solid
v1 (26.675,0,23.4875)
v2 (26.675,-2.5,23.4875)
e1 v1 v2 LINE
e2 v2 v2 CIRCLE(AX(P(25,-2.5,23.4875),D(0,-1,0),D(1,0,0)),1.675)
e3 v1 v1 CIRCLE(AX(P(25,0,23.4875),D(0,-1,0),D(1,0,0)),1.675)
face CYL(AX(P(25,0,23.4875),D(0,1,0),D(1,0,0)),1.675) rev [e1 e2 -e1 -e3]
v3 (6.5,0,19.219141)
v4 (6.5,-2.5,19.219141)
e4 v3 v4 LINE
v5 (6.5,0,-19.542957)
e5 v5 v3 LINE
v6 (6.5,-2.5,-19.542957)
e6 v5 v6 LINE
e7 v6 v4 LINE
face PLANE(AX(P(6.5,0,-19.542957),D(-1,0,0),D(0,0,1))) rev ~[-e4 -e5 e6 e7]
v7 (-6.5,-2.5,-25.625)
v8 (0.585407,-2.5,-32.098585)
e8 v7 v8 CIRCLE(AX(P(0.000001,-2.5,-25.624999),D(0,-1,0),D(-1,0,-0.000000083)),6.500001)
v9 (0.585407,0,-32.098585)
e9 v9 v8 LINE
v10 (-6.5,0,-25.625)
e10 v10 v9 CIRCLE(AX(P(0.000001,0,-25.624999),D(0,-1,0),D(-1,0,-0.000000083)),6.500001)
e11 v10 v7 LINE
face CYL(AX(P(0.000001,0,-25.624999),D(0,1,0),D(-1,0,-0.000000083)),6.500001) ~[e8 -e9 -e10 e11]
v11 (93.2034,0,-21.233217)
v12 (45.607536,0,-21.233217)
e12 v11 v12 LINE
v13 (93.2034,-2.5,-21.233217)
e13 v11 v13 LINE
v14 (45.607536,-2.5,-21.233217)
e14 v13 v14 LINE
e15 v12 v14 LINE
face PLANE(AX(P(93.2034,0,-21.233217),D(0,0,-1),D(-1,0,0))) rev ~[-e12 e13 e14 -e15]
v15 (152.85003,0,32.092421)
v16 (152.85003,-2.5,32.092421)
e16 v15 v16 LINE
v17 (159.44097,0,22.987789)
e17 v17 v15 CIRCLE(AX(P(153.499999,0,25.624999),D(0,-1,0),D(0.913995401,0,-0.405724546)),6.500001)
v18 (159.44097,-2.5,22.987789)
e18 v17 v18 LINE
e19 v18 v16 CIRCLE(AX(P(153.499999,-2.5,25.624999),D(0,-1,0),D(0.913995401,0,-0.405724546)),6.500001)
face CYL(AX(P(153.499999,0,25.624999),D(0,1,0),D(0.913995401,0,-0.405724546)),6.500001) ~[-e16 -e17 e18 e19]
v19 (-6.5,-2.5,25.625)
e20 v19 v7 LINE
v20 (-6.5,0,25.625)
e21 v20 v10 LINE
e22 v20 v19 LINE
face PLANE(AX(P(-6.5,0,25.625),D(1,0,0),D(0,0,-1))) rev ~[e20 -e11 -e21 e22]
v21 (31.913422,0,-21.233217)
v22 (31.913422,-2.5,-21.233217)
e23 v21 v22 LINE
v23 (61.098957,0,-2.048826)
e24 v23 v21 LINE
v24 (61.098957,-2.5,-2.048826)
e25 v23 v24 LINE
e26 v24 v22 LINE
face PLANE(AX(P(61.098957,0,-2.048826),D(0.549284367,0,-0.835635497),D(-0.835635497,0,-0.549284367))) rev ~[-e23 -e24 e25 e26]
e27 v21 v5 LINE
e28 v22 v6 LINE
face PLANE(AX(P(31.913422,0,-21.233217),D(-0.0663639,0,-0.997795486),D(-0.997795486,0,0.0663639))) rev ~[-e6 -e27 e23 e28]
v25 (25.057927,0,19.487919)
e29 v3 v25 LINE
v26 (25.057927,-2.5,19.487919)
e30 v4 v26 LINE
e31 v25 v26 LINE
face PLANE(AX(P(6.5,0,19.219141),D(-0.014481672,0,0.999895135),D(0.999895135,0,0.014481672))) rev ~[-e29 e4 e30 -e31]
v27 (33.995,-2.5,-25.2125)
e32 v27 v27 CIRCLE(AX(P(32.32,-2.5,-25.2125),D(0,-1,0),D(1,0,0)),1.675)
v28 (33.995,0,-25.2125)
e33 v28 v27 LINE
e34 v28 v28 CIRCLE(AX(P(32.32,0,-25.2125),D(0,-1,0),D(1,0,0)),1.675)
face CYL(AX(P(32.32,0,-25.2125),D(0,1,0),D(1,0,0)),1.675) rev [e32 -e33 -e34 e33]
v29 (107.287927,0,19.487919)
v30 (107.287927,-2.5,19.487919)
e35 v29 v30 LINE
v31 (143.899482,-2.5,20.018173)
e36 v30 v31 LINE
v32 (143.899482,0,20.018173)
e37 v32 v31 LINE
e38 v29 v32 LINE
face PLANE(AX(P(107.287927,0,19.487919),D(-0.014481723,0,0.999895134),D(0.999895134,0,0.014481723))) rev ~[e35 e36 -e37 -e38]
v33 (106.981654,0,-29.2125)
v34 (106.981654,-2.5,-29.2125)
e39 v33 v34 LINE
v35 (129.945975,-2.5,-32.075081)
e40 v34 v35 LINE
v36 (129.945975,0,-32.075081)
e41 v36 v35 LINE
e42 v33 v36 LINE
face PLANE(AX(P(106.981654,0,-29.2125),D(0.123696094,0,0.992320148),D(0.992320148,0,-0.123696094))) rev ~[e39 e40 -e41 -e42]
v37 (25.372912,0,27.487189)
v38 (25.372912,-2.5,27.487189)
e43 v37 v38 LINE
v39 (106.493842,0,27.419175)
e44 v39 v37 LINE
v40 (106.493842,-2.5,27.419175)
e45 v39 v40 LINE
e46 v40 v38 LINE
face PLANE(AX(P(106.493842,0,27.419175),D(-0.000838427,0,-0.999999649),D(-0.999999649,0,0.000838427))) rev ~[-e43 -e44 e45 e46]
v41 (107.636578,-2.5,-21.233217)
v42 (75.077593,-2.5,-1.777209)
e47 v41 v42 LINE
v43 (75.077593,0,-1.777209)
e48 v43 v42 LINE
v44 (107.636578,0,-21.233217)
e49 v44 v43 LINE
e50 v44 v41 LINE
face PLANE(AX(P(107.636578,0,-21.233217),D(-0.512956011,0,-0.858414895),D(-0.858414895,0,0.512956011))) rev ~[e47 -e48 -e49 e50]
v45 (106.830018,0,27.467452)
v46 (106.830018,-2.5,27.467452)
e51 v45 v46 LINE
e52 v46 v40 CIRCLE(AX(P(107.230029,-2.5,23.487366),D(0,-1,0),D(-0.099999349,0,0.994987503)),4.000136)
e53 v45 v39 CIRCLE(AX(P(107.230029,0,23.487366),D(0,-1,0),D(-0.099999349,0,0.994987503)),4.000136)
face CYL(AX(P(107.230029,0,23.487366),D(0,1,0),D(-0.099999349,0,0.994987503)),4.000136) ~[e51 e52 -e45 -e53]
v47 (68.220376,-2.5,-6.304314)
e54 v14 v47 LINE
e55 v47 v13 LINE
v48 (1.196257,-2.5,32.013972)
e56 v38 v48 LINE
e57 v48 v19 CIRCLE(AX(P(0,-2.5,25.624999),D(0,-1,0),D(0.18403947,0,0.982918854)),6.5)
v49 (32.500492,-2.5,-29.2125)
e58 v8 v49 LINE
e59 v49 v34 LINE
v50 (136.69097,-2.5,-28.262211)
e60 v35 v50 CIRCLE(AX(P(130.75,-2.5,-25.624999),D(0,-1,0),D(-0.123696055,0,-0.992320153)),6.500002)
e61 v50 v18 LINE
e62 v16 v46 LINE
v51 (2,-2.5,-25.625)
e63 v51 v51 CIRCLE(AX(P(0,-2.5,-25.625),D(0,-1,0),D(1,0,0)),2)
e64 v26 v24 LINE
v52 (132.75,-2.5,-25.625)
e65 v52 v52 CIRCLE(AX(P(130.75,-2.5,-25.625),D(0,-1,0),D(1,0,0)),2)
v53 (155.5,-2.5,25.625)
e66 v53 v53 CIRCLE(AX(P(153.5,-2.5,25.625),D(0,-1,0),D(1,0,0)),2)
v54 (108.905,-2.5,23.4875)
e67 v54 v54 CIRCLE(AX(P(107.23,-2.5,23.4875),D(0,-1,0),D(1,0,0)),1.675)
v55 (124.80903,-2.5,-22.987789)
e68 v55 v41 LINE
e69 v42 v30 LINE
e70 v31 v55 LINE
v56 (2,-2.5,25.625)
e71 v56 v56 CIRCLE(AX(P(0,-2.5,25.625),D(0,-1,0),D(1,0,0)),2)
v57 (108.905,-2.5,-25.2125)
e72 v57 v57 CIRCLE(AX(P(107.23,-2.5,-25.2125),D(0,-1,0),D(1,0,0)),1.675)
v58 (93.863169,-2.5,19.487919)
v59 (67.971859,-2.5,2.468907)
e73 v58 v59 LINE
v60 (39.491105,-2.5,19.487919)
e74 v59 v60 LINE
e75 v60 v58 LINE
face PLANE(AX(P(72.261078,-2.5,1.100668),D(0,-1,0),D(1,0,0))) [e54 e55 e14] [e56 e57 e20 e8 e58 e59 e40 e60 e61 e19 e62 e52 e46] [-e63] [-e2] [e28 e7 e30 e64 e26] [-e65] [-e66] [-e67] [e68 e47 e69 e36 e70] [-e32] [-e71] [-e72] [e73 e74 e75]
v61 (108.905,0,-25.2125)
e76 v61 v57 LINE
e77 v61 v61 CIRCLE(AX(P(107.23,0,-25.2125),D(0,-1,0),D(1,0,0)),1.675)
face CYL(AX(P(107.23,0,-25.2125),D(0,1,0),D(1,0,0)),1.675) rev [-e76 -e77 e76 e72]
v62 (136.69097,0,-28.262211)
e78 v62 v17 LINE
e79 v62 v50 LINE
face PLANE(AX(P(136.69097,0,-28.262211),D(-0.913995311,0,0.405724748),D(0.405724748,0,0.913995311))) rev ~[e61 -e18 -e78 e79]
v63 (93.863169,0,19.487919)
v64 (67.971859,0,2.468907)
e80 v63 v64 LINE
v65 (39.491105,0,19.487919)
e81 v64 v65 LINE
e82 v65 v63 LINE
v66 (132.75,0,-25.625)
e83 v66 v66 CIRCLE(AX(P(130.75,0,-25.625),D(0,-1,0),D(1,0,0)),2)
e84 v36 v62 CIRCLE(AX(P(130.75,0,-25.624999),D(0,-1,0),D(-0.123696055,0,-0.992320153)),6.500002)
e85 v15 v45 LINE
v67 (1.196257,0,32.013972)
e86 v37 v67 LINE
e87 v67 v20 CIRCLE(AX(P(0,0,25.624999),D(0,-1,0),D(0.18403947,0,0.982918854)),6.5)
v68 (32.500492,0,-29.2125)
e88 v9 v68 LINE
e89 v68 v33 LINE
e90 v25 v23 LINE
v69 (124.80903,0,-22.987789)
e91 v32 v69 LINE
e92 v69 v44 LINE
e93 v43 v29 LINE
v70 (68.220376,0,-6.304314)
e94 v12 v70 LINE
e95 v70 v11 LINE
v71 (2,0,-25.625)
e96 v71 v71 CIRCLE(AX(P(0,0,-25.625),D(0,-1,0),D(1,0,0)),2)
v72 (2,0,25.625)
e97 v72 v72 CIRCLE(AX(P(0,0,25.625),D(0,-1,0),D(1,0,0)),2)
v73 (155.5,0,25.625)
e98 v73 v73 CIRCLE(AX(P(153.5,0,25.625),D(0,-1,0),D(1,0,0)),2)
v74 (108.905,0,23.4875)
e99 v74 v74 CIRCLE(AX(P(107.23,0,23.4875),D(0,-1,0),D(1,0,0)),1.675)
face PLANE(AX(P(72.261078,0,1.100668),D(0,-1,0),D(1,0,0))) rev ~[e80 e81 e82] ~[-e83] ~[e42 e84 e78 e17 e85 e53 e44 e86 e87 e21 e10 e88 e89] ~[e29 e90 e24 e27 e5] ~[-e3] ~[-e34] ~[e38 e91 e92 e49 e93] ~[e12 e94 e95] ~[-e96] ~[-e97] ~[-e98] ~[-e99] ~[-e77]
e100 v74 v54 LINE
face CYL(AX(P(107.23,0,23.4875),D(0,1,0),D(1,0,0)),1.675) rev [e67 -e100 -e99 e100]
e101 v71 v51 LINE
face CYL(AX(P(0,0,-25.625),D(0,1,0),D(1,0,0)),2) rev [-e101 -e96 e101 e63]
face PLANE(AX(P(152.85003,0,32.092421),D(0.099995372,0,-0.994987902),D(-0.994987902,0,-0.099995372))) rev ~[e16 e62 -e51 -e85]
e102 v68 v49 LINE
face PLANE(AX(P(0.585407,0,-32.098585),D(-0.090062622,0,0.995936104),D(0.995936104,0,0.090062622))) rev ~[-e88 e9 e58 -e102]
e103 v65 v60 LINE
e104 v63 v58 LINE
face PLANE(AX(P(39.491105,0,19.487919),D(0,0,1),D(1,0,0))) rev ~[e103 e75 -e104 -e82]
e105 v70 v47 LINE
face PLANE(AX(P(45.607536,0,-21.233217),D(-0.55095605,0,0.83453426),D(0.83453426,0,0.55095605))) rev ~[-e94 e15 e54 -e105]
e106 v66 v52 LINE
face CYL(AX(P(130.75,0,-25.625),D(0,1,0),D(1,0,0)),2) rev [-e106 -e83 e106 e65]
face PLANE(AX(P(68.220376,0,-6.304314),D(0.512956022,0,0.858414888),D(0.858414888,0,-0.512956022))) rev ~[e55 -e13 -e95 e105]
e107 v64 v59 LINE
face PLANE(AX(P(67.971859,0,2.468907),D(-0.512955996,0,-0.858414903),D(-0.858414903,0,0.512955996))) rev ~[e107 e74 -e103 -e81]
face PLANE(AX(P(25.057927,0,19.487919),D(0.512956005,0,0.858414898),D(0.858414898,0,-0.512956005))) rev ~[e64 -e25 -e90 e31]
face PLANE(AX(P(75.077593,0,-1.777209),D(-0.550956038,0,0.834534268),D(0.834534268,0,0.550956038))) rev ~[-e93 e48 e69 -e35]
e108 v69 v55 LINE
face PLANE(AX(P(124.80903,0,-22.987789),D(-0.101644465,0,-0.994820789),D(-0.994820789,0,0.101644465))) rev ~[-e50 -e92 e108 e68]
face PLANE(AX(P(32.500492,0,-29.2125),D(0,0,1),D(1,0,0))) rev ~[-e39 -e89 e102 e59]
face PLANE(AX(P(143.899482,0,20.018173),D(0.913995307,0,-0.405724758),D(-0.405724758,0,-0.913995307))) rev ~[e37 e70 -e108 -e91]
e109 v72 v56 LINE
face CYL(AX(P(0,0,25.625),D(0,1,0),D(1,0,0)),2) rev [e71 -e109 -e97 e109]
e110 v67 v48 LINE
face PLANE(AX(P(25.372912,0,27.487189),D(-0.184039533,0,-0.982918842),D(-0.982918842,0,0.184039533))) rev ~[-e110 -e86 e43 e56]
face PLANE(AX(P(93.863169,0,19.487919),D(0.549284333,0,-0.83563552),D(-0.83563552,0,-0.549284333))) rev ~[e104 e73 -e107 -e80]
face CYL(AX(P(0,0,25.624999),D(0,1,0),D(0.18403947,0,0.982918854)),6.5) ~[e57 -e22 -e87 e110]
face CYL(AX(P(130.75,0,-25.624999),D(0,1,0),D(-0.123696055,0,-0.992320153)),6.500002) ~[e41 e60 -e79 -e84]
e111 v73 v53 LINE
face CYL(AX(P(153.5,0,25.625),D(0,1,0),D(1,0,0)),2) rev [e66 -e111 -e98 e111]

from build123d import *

# Parameters (mm, degrees)
F0_R     = 2
F0_R_2   = 1.675
F1_DEPTH = 2.5


with BuildPart() as f1:
    # F0 (on Front) → F1 (new body)
    with BuildSketch(Plane.XZ):
        with BuildLine():
            Line((25.372912, 27.487189), (1.196257, 32.013972))
            ThreePointArc((1.196257, 32.013972), (-4.151766, 30.626283), (-6.5, 25.625))
            Line((-6.5, 25.625), (-6.5, -25.625))
            ThreePointArc((-6.5, -25.625), (-4.384339, -30.423705), (0.585407, -32.098585))
            Line((0.585407, -32.098585), (32.500492, -29.2125))
            Line((32.500492, -29.2125), (106.981654, -29.2125))
            Line((106.981654, -29.2125), (129.945975, -32.075081))
            ThreePointArc((129.945975, -32.075081), (133.948679, -31.283485), (136.69097, -28.262211))
            Line((136.69097, -28.262211), (159.44097, 22.987789))
            ThreePointArc((159.44097, 22.987789), (158.765192, 29.436528), (152.85003, 32.092421))
            Line((152.85003, 32.092421), (106.830018, 27.467452))
            ThreePointArc((106.830018, 27.467452), (106.661418, 27.446883), (106.493842, 27.419175))
            Line((106.493842, 27.419175), (25.372912, 27.487189))
        make_face()
        with Locations((0, -25.625)):
            Circle(F0_R, mode=Mode.SUBTRACT)
        with Locations((32.32, -25.2125)):
            Circle(F0_R_2, mode=Mode.SUBTRACT)
        Polygon((31.913422, -21.233217), (6.5, -19.542957), (6.5, 19.219141), (25.057927, 19.487919), (61.098957, -2.048826), align=None, mode=Mode.SUBTRACT)
        Polygon((45.607536, -21.233217), (68.220376, -6.304314), (93.2034, -21.233217), align=None, mode=Mode.SUBTRACT)
        with Locations((107.23, -25.2125)):
            Circle(F0_R_2, mode=Mode.SUBTRACT)
        with Locations((130.75, -25.625)):
            Circle(F0_R, mode=Mode.SUBTRACT)
        Polygon((75.077593, -1.777209), (107.287927, 19.487919), (143.899482, 20.018173), (124.80903, -22.987789), (107.636578, -21.233217), align=None, mode=Mode.SUBTRACT)
        Polygon((67.971859, 2.468907), (39.491105, 19.487919), (93.863169, 19.487919), align=None, mode=Mode.SUBTRACT)
        with Locations((25, 23.4875)):
            Circle(F0_R_2, mode=Mode.SUBTRACT)
        with Locations((0, 25.625)):
            Circle(F0_R, mode=Mode.SUBTRACT)
        with Locations((107.23, 23.4875)):
            Circle(F0_R_2, mode=Mode.SUBTRACT)
        with Locations((153.5, 25.625)):
            Circle(F0_R, mode=Mode.SUBTRACT)
    extrude(amount=F1_DEPTH)


solid = f1.part
